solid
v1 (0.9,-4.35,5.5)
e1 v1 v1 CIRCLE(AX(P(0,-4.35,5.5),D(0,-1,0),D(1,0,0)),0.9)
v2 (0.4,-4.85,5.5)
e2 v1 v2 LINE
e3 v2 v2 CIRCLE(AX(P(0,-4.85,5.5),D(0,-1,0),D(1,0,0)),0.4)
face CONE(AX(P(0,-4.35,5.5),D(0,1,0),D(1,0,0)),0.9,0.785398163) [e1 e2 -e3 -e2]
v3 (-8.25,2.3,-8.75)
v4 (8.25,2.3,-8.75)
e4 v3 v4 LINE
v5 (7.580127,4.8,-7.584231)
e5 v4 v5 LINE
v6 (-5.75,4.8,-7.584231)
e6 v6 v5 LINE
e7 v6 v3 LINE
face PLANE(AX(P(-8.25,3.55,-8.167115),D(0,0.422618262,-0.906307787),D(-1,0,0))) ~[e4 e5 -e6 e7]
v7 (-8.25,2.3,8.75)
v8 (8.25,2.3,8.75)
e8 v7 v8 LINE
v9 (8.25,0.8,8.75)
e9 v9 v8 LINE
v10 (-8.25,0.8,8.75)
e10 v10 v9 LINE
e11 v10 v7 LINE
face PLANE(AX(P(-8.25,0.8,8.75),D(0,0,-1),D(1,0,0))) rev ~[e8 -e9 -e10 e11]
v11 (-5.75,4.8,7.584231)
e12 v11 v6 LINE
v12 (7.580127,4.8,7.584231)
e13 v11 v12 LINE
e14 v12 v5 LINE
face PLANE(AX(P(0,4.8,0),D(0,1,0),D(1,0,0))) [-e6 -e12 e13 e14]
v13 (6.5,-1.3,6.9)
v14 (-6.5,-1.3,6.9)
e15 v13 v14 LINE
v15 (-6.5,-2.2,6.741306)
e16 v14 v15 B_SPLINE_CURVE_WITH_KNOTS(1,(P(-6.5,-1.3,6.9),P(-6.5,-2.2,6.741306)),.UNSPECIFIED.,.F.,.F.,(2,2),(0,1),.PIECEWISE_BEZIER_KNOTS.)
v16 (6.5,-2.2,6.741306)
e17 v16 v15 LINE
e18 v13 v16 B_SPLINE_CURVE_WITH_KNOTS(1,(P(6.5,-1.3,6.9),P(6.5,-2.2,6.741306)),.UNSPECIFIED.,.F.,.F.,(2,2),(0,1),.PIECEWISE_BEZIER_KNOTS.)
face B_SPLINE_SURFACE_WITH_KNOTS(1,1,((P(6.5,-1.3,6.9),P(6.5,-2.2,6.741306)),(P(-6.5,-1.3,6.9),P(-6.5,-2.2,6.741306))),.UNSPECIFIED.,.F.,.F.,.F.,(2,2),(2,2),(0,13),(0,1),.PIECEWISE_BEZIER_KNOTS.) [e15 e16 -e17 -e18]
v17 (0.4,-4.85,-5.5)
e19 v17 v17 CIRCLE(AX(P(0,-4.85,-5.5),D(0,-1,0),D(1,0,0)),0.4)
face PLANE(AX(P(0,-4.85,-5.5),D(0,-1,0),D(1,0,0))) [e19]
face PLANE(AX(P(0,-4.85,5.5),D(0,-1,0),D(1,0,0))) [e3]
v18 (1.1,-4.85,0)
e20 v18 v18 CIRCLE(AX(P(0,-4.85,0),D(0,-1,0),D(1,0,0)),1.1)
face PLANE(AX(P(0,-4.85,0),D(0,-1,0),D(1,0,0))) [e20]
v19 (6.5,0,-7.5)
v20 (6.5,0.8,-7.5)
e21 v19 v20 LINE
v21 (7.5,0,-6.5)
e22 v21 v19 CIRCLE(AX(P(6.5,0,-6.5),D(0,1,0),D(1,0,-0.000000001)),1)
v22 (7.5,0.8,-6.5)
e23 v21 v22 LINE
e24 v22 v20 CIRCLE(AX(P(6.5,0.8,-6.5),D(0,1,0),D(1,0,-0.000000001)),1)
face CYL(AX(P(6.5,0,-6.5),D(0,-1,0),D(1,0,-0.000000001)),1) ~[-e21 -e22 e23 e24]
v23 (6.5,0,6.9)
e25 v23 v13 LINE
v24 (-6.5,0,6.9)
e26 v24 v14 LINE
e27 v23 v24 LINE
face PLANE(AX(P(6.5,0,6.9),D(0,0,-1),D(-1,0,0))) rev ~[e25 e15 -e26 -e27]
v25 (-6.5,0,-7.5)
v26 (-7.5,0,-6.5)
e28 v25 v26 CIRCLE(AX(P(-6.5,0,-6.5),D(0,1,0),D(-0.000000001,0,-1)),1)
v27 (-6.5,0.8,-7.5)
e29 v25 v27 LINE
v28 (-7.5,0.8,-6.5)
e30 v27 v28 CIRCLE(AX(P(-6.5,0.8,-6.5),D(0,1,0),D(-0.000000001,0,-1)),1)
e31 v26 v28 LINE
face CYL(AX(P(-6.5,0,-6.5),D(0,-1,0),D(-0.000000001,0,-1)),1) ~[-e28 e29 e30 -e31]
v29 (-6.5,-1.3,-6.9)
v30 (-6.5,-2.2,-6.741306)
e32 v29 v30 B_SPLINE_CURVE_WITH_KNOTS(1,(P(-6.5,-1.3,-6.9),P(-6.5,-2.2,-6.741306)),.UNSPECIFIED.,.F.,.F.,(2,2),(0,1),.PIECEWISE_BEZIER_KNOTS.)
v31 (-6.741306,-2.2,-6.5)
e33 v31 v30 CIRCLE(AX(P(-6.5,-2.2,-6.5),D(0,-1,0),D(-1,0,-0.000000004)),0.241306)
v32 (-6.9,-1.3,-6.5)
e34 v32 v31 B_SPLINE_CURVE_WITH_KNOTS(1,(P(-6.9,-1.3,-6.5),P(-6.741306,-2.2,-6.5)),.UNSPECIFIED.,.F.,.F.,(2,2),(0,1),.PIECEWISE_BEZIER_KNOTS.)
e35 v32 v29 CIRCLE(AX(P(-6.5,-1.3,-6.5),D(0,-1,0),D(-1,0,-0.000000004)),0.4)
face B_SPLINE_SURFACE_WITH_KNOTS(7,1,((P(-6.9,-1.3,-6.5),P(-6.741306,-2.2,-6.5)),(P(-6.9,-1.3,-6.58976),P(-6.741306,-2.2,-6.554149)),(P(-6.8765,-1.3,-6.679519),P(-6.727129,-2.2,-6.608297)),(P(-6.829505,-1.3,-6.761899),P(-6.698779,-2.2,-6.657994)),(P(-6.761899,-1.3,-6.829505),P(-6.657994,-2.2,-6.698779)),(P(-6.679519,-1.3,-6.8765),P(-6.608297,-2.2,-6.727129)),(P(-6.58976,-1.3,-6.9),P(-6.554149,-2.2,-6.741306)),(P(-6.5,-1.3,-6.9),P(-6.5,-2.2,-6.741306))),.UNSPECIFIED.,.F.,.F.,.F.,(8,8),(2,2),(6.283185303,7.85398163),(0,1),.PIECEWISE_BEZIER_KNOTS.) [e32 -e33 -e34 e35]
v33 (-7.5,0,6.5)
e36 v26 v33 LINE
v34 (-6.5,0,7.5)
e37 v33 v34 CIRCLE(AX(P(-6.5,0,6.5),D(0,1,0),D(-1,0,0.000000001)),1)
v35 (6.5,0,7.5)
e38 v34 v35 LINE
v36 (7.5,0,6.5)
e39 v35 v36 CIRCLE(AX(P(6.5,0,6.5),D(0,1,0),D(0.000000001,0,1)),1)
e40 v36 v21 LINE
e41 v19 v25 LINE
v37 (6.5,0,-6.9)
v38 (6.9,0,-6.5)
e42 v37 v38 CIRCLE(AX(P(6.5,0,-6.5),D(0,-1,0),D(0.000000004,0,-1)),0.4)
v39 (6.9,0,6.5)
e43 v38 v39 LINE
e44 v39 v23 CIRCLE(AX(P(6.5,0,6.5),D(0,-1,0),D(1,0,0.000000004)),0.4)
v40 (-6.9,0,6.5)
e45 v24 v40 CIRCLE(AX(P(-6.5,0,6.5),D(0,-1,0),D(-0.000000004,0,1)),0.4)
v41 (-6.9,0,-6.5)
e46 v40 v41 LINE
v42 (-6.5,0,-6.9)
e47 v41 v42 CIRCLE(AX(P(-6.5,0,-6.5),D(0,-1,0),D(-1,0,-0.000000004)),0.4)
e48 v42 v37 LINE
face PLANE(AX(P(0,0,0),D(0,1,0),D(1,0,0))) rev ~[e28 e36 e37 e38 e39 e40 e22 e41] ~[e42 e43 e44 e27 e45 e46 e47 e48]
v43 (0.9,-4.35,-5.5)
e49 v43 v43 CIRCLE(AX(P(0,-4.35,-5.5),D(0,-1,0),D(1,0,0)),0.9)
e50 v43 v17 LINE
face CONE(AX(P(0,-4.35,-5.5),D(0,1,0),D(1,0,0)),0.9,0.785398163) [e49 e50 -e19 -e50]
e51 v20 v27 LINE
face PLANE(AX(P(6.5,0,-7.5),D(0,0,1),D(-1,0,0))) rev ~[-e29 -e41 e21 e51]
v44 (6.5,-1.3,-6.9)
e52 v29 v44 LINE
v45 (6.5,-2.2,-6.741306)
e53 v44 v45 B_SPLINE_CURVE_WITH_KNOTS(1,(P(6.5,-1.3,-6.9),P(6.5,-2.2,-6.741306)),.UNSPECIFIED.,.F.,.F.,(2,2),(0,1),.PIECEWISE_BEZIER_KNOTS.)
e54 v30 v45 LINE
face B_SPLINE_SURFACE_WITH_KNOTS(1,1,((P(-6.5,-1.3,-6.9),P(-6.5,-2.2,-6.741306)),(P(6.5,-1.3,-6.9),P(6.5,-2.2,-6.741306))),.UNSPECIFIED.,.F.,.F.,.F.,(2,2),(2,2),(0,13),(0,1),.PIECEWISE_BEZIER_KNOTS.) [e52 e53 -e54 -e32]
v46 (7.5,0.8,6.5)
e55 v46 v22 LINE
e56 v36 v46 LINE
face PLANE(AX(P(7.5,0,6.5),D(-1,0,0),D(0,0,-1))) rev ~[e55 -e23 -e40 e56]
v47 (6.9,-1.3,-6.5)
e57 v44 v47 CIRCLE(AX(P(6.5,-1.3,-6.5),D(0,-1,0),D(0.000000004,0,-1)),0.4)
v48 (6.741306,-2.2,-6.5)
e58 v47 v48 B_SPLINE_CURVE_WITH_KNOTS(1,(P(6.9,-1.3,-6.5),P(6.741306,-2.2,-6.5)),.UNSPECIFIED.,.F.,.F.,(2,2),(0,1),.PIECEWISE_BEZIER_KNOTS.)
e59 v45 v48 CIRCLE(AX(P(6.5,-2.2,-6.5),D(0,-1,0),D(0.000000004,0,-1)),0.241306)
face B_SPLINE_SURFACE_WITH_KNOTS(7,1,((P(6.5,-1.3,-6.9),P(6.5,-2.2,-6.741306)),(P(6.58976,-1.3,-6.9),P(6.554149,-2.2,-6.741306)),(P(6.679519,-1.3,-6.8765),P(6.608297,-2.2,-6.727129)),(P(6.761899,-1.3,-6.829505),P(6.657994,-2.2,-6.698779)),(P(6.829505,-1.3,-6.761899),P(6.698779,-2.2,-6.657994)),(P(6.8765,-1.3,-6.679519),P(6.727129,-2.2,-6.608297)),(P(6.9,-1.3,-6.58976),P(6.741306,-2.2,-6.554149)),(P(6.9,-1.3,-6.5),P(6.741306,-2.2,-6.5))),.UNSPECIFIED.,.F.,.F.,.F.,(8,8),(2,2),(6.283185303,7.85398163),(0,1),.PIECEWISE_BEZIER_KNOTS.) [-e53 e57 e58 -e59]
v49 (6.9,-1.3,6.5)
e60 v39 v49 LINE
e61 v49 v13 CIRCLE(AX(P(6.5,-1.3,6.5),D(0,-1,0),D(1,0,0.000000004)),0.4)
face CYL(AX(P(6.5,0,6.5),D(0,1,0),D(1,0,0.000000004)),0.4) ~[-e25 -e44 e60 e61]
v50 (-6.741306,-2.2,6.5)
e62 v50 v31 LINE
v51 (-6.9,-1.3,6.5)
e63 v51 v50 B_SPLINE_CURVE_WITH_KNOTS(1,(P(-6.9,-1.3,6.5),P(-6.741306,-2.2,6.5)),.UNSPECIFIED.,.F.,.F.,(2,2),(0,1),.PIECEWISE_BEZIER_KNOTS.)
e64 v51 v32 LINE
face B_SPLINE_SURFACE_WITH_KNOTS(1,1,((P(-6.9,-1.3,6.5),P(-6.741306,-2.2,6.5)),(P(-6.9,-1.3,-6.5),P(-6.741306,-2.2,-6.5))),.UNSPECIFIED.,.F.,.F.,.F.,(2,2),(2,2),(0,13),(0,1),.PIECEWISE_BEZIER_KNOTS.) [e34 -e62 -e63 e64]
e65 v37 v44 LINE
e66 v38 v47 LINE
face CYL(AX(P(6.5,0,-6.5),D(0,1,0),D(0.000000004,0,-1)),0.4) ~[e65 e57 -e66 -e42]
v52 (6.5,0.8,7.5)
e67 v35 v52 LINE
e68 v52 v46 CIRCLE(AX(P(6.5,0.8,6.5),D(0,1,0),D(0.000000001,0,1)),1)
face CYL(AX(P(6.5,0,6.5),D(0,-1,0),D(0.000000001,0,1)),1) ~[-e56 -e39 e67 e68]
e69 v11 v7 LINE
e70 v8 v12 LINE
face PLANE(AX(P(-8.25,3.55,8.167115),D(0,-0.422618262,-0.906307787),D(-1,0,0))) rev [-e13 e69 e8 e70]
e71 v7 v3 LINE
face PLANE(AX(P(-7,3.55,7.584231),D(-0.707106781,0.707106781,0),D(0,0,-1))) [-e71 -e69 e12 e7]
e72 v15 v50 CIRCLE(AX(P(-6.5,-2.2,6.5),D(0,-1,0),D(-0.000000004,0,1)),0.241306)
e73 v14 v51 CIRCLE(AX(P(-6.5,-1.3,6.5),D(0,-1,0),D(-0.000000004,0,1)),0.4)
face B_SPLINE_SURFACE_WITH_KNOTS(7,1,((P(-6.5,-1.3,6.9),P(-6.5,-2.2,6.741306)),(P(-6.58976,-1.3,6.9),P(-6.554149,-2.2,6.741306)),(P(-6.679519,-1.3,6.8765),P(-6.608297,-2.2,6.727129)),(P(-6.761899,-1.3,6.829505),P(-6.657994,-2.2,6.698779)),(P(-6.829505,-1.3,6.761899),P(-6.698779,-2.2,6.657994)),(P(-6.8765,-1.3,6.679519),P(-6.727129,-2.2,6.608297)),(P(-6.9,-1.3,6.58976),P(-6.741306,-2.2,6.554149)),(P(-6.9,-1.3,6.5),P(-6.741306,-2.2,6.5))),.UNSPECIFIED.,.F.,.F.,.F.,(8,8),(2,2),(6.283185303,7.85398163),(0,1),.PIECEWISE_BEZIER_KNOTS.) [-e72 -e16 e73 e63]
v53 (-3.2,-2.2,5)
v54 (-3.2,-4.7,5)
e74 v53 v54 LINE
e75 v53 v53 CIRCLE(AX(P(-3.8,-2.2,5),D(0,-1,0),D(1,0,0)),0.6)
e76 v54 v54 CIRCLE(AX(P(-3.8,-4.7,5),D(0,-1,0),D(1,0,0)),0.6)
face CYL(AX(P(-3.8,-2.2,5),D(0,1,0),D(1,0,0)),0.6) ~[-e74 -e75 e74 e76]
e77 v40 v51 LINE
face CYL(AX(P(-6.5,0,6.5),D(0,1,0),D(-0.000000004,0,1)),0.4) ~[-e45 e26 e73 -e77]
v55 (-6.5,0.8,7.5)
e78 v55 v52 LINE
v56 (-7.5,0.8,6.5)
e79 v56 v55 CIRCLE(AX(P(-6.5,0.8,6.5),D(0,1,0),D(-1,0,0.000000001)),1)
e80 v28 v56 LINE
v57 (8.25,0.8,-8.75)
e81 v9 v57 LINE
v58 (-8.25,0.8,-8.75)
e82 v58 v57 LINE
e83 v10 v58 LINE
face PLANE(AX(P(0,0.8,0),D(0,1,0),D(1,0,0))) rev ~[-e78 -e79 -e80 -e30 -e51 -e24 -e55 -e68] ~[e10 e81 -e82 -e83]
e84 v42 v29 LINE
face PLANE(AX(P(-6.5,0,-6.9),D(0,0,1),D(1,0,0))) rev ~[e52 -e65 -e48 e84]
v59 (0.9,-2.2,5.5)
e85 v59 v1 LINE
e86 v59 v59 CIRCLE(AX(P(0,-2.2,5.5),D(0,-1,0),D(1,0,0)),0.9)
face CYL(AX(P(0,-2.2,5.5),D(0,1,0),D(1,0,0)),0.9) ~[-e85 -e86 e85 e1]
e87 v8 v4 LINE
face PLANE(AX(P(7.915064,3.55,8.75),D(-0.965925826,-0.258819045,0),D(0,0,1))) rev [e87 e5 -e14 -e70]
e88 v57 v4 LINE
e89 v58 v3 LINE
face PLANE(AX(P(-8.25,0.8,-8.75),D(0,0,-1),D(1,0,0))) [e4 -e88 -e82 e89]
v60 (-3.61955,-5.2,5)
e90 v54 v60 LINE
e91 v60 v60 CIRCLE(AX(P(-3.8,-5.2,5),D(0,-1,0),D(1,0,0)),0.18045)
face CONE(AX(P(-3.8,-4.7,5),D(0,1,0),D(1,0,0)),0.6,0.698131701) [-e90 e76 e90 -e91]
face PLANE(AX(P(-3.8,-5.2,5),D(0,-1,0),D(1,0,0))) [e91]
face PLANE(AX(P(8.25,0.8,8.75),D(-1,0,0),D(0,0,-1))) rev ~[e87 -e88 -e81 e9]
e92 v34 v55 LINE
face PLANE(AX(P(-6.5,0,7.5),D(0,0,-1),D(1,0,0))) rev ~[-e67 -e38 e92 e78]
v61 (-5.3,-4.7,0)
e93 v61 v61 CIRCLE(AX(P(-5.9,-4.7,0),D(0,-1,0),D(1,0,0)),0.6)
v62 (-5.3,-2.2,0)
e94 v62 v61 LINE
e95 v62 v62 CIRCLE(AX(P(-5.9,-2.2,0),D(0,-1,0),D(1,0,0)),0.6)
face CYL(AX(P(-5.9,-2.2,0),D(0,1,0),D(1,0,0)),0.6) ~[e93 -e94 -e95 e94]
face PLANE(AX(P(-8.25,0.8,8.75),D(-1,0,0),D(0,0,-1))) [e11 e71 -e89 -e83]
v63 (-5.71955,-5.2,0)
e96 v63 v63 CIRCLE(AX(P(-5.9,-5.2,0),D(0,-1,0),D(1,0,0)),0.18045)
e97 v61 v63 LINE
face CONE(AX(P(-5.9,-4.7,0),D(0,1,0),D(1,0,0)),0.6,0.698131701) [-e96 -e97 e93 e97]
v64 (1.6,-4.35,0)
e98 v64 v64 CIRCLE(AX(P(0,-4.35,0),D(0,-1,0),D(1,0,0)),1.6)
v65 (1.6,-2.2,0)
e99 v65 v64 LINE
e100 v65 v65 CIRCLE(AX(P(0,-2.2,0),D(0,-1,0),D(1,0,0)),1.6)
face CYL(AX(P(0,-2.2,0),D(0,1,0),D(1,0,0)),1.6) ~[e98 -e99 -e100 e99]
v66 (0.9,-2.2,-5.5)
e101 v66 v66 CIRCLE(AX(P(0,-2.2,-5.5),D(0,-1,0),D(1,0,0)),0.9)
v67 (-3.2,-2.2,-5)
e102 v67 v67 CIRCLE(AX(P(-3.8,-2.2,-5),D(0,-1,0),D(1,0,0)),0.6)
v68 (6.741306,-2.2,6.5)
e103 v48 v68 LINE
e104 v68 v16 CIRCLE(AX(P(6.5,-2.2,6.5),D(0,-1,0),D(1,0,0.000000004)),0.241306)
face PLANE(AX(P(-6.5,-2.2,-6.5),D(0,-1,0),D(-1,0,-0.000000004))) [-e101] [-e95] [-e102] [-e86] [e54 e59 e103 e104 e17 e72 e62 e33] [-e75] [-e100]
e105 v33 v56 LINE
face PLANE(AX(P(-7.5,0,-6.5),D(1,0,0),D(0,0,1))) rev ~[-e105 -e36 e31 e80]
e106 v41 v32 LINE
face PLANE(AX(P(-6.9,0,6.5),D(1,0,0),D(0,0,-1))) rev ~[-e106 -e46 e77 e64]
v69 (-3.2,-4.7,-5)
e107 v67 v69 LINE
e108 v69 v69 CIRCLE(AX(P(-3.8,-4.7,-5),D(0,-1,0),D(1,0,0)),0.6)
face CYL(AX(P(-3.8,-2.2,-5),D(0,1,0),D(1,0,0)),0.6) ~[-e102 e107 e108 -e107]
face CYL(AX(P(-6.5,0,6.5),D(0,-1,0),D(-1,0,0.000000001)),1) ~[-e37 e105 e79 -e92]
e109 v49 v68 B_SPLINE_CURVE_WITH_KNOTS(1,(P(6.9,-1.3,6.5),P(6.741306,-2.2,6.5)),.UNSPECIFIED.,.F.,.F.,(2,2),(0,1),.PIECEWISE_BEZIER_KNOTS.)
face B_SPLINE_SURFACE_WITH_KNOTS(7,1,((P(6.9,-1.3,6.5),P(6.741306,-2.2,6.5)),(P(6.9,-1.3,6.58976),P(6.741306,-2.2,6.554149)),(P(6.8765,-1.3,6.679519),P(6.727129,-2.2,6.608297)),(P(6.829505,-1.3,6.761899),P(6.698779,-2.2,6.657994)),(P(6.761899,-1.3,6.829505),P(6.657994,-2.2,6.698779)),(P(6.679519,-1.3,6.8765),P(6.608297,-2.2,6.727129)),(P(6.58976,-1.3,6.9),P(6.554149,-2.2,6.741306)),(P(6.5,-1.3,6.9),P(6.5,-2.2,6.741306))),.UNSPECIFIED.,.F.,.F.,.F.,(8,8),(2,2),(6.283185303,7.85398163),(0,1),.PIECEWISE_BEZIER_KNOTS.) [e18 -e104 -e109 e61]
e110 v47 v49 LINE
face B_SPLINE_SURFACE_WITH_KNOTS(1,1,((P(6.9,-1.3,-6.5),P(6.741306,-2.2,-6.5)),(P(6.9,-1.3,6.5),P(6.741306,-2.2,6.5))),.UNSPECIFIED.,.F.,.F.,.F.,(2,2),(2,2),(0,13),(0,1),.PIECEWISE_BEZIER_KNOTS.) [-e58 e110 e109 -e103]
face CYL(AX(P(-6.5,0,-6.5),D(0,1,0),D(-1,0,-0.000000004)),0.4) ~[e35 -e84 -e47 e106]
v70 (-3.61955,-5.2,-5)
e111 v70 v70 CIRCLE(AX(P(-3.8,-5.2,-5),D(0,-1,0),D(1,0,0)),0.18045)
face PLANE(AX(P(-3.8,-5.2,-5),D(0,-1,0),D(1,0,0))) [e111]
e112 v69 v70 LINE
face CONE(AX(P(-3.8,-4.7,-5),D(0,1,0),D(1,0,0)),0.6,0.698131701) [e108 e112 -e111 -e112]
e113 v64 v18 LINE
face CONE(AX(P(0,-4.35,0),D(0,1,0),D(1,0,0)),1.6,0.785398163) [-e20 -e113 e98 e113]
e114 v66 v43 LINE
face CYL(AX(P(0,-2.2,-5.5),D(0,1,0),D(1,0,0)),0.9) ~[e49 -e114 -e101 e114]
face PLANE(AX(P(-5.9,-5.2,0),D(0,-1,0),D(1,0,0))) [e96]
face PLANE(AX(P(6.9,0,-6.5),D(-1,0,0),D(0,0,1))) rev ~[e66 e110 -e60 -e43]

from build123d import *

# Parameters (mm, degrees)
BOSS_EXTRUDE1_DEPTH   = 0.8
BOSS_EXTRUDE2_DEPTH   = 1.3
BOSS_EXTRUDE3_DEPTH   = 0.9
BOSS_EXTRUDE3_TAPER   = 10
SKETCH4_R             = 1.6
SKETCH4_R_2           = 0.9
BOSS_EXTRUDE4_DEPTH   = 2.65
SKETCH5_R             = 0.6
BOSS_EXTRUDE5_DEPTH   = 3
CHAMFER1_SIZE         = 0.5
CHAMFER1_SIZE2        = 0.419549816
CHAMFER1_PART_2_SIZE  = 0.5
CHAMFER1_PART_2_SIZE2 = 0.419549816
CHAMFER1_PART_3_SIZE  = 0.5
CHAMFER1_PART_3_SIZE2 = 0.419549816
CHAMFER2_SIZE         = 0.5
SKETCH6_W             = 16.5
SKETCH6_H             = 17.5
BOSS_EXTRUDE6_DEPTH   = 4
CHAMFER3_SIZE         = 2.5
CHAMFER3_SIZE2        = 0.669872981
CHAMFER4_SIZE         = 2.5
CHAMFER4_SIZE2        = 1.165769145
CHAMFER4_PART_2_SIZE  = 2.5
CHAMFER4_PART_2_SIZE2 = 1.165769145
CHAMFER5_SIZE         = 2.5


with BuildPart() as part:
    # Sketch1 → Boss-Extrude1 (new body)
    with BuildSketch(Plane(origin=(0, 0, 0), x_dir=(1, 0, 0), z_dir=(0, 1, 0))):
        with BuildLine():
            Line((-6.5, -7.5), (6.5, -7.5))
            ThreePointArc((6.5, -7.5), (7.207106781, -7.207106781), (7.5, -6.5))
            Line((7.5, -6.5), (7.5, 6.5))
            ThreePointArc((7.5, 6.5), (7.207106781, 7.207106781), (6.5, 7.5))
            Line((6.5, 7.5), (-6.5, 7.5))
            ThreePointArc((-6.5, 7.5), (-7.207106781, 7.207106781), (-7.5, 6.5))
            Line((-7.5, 6.5), (-7.5, -6.5))
            ThreePointArc((-7.5, -6.5), (-7.207106781, -7.207106781), (-6.5, -7.5))
        make_face()
    extrude(amount=BOSS_EXTRUDE1_DEPTH)

    # Sketch2 → Boss-Extrude2 (add)
    with BuildSketch(Plane.XZ):
        with BuildLine():
            Line((-6.9, 6.5), (-6.9, -6.5))
            ThreePointArc((-6.9, -6.5), (-6.782842712, -6.782842712), (-6.5, -6.9))
            Line((-6.5, -6.9), (6.5, -6.9))
            ThreePointArc((6.5, -6.9), (6.782842712, -6.782842712), (6.9, -6.5))
            Line((6.9, -6.5), (6.9, 6.5))
            ThreePointArc((6.9, 6.5), (6.782842712, 6.782842712), (6.5, 6.9))
            Line((6.5, 6.9), (-6.5, 6.9))
            ThreePointArc((-6.5, 6.9), (-6.782842712, 6.782842712), (-6.9, 6.5))
        make_face()
    extrude(amount=BOSS_EXTRUDE2_DEPTH)

    # Sketch3 → Boss-Extrude3 (add)
    with BuildSketch(Plane.XZ.offset(1.3)):
        with BuildLine():
            Line((-6.9, 6.5), (-6.9, -6.5))
            ThreePointArc((-6.9, -6.5), (-6.782842712, -6.782842712), (-6.5, -6.9))
            Line((-6.5, -6.9), (6.5, -6.9))
            ThreePointArc((6.5, -6.9), (6.782842712, -6.782842712), (6.9, -6.5))
            Line((6.9, -6.5), (6.9, 6.5))
            ThreePointArc((6.9, 6.5), (6.782842712, 6.782842712), (6.5, 6.9))
            Line((6.5, 6.9), (-6.5, 6.9))
            ThreePointArc((-6.5, 6.9), (-6.782842712, 6.782842712), (-6.9, 6.5))
        make_face()
    extrude(amount=BOSS_EXTRUDE3_DEPTH, taper=BOSS_EXTRUDE3_TAPER)

    # Sketch4 → Boss-Extrude4 (add)
    with BuildSketch(Plane.XZ.offset(2.2)):
        Circle(SKETCH4_R)
        with Locations((0, -5.5)):
            Circle(SKETCH4_R_2)
        with Locations((0, 5.5)):
            Circle(SKETCH4_R_2)
    extrude(amount=BOSS_EXTRUDE4_DEPTH)

    # Sketch5 → Boss-Extrude5 (add)
    with BuildSketch(Plane.XZ.offset(2.2)):
        with Locations((-5.9, 0)):
            Circle(SKETCH5_R)
        with Locations((-3.8, -5)):
            Circle(SKETCH5_R)
        with Locations((-3.8, 5)):
            Circle(SKETCH5_R)
    extrude(amount=BOSS_EXTRUDE5_DEPTH)

    # Chamfer1
    chamfer1_edges = [part.edges().sort_by_distance(p)[0] for p in [
        (-6.5, -5.2, 0),
    ]]
    chamfer1_side = [part.faces().sort_by_distance(p)[0] for p in [
        (-6.5, -3.7, 0),
    ]]
    chamfer(chamfer1_edges, length=CHAMFER1_SIZE, length2=CHAMFER1_SIZE2, reference=chamfer1_side[0])

    # Chamfer1 part 2
    chamfer1_part_2_edges = [part.edges().sort_by_distance(p)[0] for p in [
        (-4.4, -5.2, -5),
    ]]
    chamfer1_part_2_side = [part.faces().sort_by_distance(p)[0] for p in [
        (-4.4, -3.7, -5),
    ]]
    chamfer(chamfer1_part_2_edges, length=CHAMFER1_PART_2_SIZE, length2=CHAMFER1_PART_2_SIZE2, reference=chamfer1_part_2_side[0])

    # Chamfer1 part 3
    chamfer1_part_3_edges = [part.edges().sort_by_distance(p)[0] for p in [
        (-4.4, -5.2, 5),
    ]]
    chamfer1_part_3_side = [part.faces().sort_by_distance(p)[0] for p in [
        (-4.4, -3.7, 5),
    ]]
    chamfer(chamfer1_part_3_edges, length=CHAMFER1_PART_3_SIZE, length2=CHAMFER1_PART_3_SIZE2, reference=chamfer1_part_3_side[0])

    # Chamfer2
    chamfer2_edges = [part.edges().sort_by_distance(p)[0] for p in [
        (-1.6, -4.85, 0),
        (-0.9, -4.85, -5.5),
        (-0.9, -4.85, 5.5),
    ]]
    chamfer(chamfer2_edges, length=CHAMFER2_SIZE)

    # Sketch6 → Boss-Extrude6 (add)
    with BuildSketch(Plane(origin=(0, 0.8, 0), x_dir=(1, 0, 0), z_dir=(0, 1, 0))):
        Rectangle(SKETCH6_W, SKETCH6_H)
    extrude(amount=BOSS_EXTRUDE6_DEPTH)

    # Chamfer3
    chamfer3_edges = [part.edges().sort_by_distance(p)[0] for p in [
        (8.25, 4.8, 0),
    ]]
    chamfer3_side = [part.faces().sort_by_distance(p)[0] for p in [
        (8.25, 2.8, 0),
    ]]
    chamfer(chamfer3_edges, length=CHAMFER3_SIZE, length2=CHAMFER3_SIZE2, reference=chamfer3_side[0])

    # Chamfer4
    chamfer4_edges = [part.edges().sort_by_distance(p)[0] for p in [
        (-0.334936491, 4.8, -8.75),
    ]]
    chamfer4_side = [part.faces().sort_by_distance(p)[0] for p in [
        (-0.103143341, 2.785008314, -8.75),
    ]]
    chamfer(chamfer4_edges, length=CHAMFER4_SIZE, length2=CHAMFER4_SIZE2, reference=chamfer4_side[0])

    # Chamfer4 part 2
    chamfer4_part_2_edges = [part.edges().sort_by_distance(p)[0] for p in [
        (-0.334936491, 4.8, 8.75),
    ]]
    chamfer4_part_2_side = [part.faces().sort_by_distance(p)[0] for p in [
        (-0.103143341, 2.785008314, 8.75),
    ]]
    chamfer(chamfer4_part_2_edges, length=CHAMFER4_PART_2_SIZE, length2=CHAMFER4_PART_2_SIZE2, reference=chamfer4_part_2_side[0])

    # Chamfer5
    chamfer5_edges = [part.edges().sort_by_distance(p)[0] for p in [
        (-8.25, 4.8, 0),
    ]]
    chamfer(chamfer5_edges, length=CHAMFER5_SIZE)


solid = part.part
